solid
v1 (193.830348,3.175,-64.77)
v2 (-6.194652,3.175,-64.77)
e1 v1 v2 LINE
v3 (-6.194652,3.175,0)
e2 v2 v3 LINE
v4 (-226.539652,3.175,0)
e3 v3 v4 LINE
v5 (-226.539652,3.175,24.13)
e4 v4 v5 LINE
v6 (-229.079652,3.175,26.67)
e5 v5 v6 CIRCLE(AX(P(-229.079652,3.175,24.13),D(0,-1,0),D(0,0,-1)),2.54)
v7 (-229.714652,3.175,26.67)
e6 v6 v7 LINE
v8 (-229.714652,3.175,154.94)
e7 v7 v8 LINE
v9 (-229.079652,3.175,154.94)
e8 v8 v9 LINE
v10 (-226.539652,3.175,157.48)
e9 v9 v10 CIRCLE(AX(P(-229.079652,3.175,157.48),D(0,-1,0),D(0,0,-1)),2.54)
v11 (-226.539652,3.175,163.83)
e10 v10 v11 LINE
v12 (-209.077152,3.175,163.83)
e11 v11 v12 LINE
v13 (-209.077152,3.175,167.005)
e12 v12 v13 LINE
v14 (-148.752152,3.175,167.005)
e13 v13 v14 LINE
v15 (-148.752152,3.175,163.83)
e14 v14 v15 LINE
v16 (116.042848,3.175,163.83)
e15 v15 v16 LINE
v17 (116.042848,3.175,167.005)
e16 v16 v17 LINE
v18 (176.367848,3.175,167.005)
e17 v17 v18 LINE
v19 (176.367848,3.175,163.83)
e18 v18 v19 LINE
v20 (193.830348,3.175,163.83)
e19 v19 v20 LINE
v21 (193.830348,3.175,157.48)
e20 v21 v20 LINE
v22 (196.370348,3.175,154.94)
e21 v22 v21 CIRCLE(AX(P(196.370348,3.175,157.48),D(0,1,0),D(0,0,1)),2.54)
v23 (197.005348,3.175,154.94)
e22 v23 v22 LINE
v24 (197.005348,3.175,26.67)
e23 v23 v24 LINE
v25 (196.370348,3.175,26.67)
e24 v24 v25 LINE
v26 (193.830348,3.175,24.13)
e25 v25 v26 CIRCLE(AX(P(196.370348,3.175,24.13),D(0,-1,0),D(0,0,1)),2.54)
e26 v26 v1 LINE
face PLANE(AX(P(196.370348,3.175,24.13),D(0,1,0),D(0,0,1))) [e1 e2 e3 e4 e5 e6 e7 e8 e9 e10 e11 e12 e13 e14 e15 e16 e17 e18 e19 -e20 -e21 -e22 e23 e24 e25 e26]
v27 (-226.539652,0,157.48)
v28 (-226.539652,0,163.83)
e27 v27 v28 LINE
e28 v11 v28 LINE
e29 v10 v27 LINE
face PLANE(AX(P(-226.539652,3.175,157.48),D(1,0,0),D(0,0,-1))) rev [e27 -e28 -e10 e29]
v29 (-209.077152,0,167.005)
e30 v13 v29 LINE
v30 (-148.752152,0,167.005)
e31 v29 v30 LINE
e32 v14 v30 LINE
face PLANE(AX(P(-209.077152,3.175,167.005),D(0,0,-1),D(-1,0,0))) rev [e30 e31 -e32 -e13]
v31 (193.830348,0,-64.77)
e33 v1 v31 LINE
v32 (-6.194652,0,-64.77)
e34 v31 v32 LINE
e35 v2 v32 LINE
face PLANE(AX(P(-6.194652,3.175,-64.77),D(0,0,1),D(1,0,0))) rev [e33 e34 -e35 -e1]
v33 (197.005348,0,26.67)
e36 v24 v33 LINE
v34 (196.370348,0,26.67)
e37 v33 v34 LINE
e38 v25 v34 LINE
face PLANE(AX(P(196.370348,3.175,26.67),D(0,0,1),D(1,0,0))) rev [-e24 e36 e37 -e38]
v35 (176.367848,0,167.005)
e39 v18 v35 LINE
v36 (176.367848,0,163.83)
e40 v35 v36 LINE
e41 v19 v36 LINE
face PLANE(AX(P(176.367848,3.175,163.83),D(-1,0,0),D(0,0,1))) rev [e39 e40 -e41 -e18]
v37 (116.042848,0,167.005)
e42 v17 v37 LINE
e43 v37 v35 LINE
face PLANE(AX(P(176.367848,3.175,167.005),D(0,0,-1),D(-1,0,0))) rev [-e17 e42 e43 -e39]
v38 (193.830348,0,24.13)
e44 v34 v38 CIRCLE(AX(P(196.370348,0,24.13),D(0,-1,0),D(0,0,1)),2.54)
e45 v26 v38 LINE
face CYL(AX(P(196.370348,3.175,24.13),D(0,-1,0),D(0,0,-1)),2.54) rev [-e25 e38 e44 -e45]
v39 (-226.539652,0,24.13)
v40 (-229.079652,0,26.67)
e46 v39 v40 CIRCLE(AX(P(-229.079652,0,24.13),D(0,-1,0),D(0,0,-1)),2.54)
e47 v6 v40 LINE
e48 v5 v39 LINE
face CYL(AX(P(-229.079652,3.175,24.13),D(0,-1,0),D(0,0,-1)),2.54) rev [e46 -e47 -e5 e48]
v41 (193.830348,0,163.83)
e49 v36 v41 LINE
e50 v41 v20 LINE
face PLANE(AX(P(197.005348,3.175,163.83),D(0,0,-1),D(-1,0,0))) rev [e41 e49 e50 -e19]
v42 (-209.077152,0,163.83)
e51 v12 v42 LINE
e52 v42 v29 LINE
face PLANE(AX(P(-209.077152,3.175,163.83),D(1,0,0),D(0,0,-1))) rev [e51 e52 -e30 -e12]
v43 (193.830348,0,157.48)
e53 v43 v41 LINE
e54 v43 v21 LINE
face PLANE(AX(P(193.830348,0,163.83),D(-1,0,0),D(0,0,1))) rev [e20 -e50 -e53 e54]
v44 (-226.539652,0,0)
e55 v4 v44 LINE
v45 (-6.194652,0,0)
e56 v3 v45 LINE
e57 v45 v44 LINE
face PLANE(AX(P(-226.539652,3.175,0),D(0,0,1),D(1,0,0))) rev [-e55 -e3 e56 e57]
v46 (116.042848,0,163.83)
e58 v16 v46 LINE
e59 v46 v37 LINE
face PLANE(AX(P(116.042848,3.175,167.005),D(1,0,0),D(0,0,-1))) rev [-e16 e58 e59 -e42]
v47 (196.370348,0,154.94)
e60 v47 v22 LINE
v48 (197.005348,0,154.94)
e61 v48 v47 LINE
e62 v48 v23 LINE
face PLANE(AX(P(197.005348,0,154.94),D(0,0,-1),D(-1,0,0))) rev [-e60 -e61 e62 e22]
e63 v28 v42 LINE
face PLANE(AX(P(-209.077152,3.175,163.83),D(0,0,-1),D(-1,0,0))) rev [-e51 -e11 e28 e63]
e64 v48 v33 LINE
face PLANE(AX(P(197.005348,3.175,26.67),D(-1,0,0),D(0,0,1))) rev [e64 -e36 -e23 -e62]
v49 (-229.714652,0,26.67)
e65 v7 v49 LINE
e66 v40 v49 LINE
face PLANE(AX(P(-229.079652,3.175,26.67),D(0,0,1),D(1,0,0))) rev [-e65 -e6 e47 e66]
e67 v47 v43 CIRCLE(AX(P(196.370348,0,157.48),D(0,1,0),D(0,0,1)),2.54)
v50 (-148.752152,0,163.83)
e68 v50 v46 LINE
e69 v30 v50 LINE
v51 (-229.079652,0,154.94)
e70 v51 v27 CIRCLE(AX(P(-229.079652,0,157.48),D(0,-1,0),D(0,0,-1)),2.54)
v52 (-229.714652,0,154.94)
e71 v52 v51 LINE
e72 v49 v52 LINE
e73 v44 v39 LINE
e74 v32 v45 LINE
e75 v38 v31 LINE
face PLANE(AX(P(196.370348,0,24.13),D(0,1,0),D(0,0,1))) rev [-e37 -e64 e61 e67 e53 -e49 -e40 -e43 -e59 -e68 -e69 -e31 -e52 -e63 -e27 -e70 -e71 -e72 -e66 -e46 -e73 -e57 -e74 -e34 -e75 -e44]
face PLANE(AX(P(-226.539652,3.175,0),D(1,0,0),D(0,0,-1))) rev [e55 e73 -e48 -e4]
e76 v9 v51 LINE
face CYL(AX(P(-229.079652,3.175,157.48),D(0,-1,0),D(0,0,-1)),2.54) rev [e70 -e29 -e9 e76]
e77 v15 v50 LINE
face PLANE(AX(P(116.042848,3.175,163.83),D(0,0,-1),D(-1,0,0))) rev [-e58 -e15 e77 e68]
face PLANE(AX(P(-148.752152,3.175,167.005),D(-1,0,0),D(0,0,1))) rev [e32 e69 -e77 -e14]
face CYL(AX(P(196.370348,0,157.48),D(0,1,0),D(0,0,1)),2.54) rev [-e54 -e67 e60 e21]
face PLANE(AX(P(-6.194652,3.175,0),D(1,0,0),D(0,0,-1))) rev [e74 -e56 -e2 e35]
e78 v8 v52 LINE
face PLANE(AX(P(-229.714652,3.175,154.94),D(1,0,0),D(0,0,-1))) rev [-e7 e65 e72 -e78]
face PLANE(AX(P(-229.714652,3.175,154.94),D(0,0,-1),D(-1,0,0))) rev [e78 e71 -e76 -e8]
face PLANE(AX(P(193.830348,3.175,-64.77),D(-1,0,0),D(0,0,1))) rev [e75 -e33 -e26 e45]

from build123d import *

# Parameters (mm, degrees)
BOSS_EXTRUDE1_DEPTH     = 3.175
CUT_EXTRUDE1_DEPTH      = 285.023893051
CUT_EXTRUDE1_DEPTH_BACK = 285.023893051


with BuildPart() as part:
    # Sketch1 → Boss-Extrude1 (new body)
    with BuildSketch(Plane(origin=(0, 0, 0), x_dir=(1, 0, 0), z_dir=(0, 1, 0))):
        with BuildLine():
            Line((197.005348369, -26.67), (197.005348369, -163.83))
            Line((197.005348369, -163.83), (176.367848369, -163.83))
            Line((176.367848369, -163.83), (176.367848369, -167.005))
            Line((176.367848369, -167.005), (116.042848369, -167.005))
            Line((116.042848369, -167.005), (116.042848369, -163.83))
            Line((116.042848369, -163.83), (-116.042848369, -163.83))
            Line((-116.042848369, -163.83), (-148.752151631, -163.83))
            Line((-148.752151631, -163.83), (-148.752151631, -167.005))
            Line((-148.752151631, -167.005), (-209.077151631, -167.005))
            Line((-209.077151631, -167.005), (-209.077151631, -163.83))
            Line((-209.077151631, -163.83), (-226.539651631, -163.83))
            Line((-226.539651631, -163.83), (-226.539651631, -157.48))
            ThreePointArc((-226.539651631, -157.48), (-227.283600406, -155.683948776), (-229.079651631, -154.94))
            Line((-229.079651631, -154.94), (-229.714651631, -154.94))
            Line((-229.714651631, -154.94), (-229.714651631, -26.67))
            Line((-229.714651631, -26.67), (-229.079651631, -26.67))
            ThreePointArc((-229.079651631, -26.67), (-227.283600406, -25.926051224), (-226.539651631, -24.13))
            Line((-226.539651631, -24.13), (-226.539651631, 0))
            Line((-226.539651631, 0), (-6.194651631, 0))
            Line((-6.194651631, 0), (-6.194651631, 64.77))
            Line((-6.194651631, 64.77), (193.830348369, 64.77))
            Line((193.830348369, 64.77), (193.830348369, -24.13))
            ThreePointArc((193.830348369, -24.13), (194.574297145, -25.926051224), (196.370348369, -26.67))
            Line((196.370348369, -26.67), (197.005348369, -26.67))
        make_face()
    extrude(amount=BOSS_EXTRUDE1_DEPTH)

    # Sketch2 → Cut-Extrude1 (cut, two sides: drawn at the far end of the back side and taken through both)
    with BuildSketch(Plane(origin=(0, 3.175, 0), x_dir=(1, 0, 0), z_dir=(0, 1, 0)).offset(-CUT_EXTRUDE1_DEPTH_BACK)):
        with BuildLine():
            Line((197.005348369, -163.83), (193.830348369, -163.83))
            Line((193.830348369, -163.83), (193.830348369, -157.48))
            ThreePointArc((193.830348369, -157.48), (194.574297145, -155.683948776), (196.370348369, -154.94))
            Line((196.370348369, -154.94), (197.005348369, -154.94))
            Line((197.005348369, -154.94), (197.005348369, -163.83))
        make_face()
    extrude(amount=CUT_EXTRUDE1_DEPTH + CUT_EXTRUDE1_DEPTH_BACK, mode=Mode.SUBTRACT)


solid = part.part
